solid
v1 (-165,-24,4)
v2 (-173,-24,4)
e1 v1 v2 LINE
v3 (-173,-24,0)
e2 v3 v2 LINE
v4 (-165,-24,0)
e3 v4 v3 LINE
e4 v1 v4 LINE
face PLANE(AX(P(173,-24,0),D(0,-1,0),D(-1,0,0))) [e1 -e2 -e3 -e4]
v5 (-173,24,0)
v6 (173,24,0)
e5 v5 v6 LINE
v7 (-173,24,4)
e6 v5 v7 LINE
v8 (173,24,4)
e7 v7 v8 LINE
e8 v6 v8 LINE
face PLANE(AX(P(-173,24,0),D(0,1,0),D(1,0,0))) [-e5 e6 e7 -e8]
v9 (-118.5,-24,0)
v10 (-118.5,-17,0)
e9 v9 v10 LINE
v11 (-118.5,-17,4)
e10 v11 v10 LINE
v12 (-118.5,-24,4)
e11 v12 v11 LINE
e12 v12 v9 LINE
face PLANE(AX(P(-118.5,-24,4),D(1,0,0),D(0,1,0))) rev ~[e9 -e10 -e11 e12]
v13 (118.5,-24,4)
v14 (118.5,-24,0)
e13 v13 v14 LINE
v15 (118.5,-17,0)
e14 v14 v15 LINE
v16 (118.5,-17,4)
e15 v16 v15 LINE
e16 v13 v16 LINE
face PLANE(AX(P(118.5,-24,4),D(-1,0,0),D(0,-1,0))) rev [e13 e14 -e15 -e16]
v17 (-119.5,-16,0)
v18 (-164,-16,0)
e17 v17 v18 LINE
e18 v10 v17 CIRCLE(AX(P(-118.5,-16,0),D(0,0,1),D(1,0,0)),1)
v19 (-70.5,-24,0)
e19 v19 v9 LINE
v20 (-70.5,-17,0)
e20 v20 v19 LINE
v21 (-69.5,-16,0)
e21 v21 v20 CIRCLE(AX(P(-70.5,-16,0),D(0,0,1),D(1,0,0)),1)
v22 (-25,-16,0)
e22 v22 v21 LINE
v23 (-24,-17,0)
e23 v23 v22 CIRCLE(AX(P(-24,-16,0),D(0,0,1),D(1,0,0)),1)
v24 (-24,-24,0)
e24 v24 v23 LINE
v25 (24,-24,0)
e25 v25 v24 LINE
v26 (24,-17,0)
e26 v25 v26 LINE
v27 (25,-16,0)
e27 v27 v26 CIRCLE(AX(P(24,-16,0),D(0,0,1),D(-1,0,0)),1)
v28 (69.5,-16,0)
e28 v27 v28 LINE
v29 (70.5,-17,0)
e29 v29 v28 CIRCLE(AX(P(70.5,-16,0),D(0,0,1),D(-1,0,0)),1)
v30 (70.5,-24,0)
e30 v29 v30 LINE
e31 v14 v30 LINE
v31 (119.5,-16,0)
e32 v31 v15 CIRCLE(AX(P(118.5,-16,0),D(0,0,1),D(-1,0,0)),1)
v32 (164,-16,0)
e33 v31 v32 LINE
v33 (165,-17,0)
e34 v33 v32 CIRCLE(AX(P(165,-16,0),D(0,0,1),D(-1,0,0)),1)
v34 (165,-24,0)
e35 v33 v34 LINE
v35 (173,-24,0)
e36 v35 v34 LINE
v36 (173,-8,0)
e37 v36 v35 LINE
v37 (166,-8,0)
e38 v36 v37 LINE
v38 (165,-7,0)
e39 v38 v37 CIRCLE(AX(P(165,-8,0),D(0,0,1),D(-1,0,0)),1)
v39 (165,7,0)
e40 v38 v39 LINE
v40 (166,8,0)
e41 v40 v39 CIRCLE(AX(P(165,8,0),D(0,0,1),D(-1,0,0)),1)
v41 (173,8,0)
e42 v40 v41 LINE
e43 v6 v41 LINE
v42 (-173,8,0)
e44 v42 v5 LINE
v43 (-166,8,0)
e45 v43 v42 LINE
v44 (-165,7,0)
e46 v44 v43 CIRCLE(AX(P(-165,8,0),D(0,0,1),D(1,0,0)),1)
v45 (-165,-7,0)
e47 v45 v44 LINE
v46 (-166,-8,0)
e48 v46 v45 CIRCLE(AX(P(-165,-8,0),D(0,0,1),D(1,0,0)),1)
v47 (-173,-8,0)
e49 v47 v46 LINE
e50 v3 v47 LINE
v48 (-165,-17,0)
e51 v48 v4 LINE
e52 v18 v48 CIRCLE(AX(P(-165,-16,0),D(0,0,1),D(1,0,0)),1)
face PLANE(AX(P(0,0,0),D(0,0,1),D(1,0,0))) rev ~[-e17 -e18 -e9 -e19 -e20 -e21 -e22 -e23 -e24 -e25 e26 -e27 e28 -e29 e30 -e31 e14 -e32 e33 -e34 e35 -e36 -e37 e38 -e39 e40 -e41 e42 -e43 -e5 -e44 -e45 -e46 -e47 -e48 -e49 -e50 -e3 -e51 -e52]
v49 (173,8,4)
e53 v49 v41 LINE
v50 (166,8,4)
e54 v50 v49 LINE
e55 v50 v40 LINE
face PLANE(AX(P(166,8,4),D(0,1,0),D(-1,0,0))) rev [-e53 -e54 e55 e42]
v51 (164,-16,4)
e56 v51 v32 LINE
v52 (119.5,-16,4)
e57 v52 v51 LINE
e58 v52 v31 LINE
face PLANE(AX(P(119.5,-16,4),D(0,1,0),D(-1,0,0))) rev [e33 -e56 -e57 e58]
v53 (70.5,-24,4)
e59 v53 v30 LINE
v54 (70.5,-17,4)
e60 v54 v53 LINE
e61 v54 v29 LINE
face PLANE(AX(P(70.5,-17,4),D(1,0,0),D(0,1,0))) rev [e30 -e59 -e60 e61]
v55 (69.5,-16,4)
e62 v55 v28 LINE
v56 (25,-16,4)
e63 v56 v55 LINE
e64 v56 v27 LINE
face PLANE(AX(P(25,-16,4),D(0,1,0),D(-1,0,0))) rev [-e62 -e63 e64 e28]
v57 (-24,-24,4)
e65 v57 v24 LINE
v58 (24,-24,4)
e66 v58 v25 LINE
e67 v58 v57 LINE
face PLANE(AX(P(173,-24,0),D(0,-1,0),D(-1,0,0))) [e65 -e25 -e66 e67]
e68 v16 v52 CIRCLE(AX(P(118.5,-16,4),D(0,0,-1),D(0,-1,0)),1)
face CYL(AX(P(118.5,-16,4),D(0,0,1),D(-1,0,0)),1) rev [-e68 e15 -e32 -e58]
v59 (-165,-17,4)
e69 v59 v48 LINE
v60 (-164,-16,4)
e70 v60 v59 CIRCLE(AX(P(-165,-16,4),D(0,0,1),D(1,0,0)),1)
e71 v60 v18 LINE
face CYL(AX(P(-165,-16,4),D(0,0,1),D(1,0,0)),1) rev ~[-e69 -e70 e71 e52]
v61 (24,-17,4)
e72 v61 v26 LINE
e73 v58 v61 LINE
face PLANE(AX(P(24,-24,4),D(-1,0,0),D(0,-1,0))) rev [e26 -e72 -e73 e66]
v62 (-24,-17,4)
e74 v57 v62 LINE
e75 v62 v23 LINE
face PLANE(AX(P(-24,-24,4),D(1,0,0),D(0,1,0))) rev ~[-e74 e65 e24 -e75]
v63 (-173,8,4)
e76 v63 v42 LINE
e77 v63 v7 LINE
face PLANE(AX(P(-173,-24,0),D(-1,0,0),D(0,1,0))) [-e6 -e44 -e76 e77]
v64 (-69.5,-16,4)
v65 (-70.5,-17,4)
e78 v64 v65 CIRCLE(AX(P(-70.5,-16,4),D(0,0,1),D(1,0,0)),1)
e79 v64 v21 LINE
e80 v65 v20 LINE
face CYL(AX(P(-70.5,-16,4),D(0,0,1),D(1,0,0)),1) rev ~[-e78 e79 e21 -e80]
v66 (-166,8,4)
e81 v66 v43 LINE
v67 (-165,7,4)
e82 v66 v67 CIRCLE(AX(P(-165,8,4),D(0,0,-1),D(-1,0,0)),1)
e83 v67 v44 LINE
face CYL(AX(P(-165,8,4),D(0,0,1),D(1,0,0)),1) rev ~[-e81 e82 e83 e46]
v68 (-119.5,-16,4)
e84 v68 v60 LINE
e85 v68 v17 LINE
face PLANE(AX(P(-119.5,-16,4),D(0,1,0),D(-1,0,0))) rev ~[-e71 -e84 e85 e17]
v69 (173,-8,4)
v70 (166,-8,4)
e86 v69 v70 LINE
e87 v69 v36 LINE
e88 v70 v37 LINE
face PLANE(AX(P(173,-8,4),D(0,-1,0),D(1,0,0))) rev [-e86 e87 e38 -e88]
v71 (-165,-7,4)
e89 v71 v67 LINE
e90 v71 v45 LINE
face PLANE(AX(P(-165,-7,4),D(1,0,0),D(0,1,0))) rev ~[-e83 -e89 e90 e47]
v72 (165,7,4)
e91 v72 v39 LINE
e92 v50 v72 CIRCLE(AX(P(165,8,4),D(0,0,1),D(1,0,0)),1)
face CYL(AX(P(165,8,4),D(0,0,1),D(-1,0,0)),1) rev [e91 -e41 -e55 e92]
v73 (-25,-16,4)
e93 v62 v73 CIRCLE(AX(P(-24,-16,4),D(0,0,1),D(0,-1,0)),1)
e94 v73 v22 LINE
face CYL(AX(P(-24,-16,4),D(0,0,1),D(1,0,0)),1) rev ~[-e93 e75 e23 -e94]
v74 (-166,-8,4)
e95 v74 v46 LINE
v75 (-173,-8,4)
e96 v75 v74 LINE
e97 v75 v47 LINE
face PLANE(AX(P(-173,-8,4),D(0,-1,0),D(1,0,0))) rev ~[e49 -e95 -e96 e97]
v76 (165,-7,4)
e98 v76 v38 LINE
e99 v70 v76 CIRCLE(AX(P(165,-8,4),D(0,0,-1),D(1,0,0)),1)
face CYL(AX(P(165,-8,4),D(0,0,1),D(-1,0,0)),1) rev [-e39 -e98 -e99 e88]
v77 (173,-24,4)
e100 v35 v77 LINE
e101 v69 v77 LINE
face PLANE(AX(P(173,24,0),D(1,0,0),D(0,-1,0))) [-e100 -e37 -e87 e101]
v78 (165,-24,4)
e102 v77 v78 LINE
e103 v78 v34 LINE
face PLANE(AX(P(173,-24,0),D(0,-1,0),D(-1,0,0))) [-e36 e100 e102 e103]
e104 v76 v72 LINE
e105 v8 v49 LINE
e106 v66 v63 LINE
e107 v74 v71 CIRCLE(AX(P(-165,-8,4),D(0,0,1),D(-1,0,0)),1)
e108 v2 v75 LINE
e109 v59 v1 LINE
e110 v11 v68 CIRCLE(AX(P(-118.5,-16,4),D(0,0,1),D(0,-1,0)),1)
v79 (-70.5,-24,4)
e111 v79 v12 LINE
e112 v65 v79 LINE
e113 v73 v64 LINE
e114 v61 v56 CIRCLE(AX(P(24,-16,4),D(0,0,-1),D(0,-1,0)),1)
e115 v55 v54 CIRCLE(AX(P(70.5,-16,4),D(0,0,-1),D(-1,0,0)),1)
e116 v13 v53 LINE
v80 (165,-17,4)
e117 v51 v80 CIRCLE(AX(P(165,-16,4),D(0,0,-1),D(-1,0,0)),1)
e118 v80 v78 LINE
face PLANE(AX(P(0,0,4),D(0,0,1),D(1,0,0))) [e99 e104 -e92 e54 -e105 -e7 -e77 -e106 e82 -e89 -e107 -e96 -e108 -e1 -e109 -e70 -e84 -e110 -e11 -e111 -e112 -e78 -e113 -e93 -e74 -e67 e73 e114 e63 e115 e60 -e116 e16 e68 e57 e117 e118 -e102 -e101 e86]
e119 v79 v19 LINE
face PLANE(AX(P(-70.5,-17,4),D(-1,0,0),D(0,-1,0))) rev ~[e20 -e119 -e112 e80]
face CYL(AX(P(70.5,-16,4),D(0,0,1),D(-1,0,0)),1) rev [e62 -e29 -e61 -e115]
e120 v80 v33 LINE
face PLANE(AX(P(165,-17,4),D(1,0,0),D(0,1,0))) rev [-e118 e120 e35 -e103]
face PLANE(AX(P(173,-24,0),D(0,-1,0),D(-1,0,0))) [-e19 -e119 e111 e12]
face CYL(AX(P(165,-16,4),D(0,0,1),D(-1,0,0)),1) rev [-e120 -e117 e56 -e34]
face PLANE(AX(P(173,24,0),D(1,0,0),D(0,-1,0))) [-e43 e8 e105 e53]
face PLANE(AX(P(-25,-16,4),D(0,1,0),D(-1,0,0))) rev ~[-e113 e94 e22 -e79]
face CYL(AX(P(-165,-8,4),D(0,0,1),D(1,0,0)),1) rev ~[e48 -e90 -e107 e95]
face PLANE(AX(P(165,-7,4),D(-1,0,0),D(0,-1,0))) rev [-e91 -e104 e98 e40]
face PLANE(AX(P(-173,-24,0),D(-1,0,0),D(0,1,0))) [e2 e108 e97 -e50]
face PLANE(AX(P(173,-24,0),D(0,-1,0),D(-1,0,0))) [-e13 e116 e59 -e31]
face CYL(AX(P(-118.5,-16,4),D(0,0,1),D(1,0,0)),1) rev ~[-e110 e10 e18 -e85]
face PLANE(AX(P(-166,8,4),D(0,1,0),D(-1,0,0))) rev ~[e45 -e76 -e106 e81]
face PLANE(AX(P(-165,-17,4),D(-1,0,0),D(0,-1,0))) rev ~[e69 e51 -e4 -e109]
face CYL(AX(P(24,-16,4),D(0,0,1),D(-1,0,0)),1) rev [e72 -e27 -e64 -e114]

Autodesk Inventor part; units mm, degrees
ref_plane "YZ Plane" through (0, 0, 0) normal (1, 0, 0) x (0, 1, 0)
ref_plane "XZ Plane" through (0, 0, 0) normal (0, 1, 0) x (-1, 0, 0)
ref_plane "XY Plane" through (0, 0, 0) normal (0, 0, 1) x (1, 0, 0)
sketch "Sketch1" plane through (0, 0, 0) normal (0, 0, 1) x (1, 0, 0)
  line L0 (-173, 24) -> (173, 24)
  line L1 (173, 24) -> (173, -24)
  line L2 (173, -24) -> (-173, -24)
  line L3 (-173, -24) -> (-173, 24)
  point P0 (0, 0)
  point P1 (173, 0)
  point P2 (0, 24)
  dimension "d0" = 48
  dimension "d1" = 346
extrude "Extrusion1" add sketch "Sketch1" along normal blind 4
sketch "Esboço2" plane through (0, 0, 4) normal (0, 0, 1) x (1, 0, 0)
  line L0 (-165, -24) -> (-118.5, -24)
  line L1 (-118.5, -24) -> (-118.5, -16)
  line L2 (-118.5, -16) -> (-165, -16)
  line L3 (-165, -16) -> (-165, -24)
  line L4 (-173, 24) -> (-173, -24) projected
  line L5 (-70.5, -24) -> (-24, -24)
  line L6 (-24, -24) -> (-24, -16)
  line L7 (-24, -16) -> (-70.5, -16)
  line L8 (-70.5, -16) -> (-70.5, -24)
  circle A0 centre (-24, -16) radius 1
  circle A1 centre (-70.5, -16) radius 1
  circle A2 centre (-118.5, -16) radius 1
  circle A3 centre (-165, -16) radius 1
  line L9 (-173, -24) -> (173, -24) projected
  point P0 (0, 0)
  dimension "d4" = 46.5
  dimension "d7" = 46.5
  dimension "d8" = 48
  dimension "d14" = 2
  dimension "d15" = 2
  dimension "d16" = 2
  dimension "d20" = 8
  dimension "d21" = 8
  dimension "d22" = 0
extrude "Extrusão2" cut sketch "Esboço2" against normal blind 10
mirror "Espelhamento1" about plane through (0, 0, 0) normal (1, 0, 0) of "Extrusão2"
sketch "Esboço3" plane through (0, 0, 4) normal (0, 0, 1) x (1, 0, 0)
  line L0 (-173, 24) -> (-173, -24) projected
  line L1 (-173, -8) -> (-165, -8)
  line L2 (-165, -8) -> (-165, 8)
  line L3 (-165, 8) -> (-173, 8)
  line L4 (-173, 8) -> (-173, -8)
  line L5 (-173, -24) -> (-165, -24) projected
  line L6 (173, 24) -> (-173, 24) projected
  circle A0 centre (-165, 8) radius 1
  circle A1 centre (-165, -8) radius 1
  point P0 (0, 0)
  dimension "d23" = 8
  dimension "d24" = 16
  dimension "d25" = 16
  dimension "d26" = 16
  dimension "d27" = 2
  dimension "d28" = 2
extrude "Extrusão3" cut sketch "Esboço3" against normal blind 10
mirror "Espelhamento2" about plane through (0, 0, 0) normal (1, 0, 0) of "Extrusão3"
properties part number "frente inferior"
